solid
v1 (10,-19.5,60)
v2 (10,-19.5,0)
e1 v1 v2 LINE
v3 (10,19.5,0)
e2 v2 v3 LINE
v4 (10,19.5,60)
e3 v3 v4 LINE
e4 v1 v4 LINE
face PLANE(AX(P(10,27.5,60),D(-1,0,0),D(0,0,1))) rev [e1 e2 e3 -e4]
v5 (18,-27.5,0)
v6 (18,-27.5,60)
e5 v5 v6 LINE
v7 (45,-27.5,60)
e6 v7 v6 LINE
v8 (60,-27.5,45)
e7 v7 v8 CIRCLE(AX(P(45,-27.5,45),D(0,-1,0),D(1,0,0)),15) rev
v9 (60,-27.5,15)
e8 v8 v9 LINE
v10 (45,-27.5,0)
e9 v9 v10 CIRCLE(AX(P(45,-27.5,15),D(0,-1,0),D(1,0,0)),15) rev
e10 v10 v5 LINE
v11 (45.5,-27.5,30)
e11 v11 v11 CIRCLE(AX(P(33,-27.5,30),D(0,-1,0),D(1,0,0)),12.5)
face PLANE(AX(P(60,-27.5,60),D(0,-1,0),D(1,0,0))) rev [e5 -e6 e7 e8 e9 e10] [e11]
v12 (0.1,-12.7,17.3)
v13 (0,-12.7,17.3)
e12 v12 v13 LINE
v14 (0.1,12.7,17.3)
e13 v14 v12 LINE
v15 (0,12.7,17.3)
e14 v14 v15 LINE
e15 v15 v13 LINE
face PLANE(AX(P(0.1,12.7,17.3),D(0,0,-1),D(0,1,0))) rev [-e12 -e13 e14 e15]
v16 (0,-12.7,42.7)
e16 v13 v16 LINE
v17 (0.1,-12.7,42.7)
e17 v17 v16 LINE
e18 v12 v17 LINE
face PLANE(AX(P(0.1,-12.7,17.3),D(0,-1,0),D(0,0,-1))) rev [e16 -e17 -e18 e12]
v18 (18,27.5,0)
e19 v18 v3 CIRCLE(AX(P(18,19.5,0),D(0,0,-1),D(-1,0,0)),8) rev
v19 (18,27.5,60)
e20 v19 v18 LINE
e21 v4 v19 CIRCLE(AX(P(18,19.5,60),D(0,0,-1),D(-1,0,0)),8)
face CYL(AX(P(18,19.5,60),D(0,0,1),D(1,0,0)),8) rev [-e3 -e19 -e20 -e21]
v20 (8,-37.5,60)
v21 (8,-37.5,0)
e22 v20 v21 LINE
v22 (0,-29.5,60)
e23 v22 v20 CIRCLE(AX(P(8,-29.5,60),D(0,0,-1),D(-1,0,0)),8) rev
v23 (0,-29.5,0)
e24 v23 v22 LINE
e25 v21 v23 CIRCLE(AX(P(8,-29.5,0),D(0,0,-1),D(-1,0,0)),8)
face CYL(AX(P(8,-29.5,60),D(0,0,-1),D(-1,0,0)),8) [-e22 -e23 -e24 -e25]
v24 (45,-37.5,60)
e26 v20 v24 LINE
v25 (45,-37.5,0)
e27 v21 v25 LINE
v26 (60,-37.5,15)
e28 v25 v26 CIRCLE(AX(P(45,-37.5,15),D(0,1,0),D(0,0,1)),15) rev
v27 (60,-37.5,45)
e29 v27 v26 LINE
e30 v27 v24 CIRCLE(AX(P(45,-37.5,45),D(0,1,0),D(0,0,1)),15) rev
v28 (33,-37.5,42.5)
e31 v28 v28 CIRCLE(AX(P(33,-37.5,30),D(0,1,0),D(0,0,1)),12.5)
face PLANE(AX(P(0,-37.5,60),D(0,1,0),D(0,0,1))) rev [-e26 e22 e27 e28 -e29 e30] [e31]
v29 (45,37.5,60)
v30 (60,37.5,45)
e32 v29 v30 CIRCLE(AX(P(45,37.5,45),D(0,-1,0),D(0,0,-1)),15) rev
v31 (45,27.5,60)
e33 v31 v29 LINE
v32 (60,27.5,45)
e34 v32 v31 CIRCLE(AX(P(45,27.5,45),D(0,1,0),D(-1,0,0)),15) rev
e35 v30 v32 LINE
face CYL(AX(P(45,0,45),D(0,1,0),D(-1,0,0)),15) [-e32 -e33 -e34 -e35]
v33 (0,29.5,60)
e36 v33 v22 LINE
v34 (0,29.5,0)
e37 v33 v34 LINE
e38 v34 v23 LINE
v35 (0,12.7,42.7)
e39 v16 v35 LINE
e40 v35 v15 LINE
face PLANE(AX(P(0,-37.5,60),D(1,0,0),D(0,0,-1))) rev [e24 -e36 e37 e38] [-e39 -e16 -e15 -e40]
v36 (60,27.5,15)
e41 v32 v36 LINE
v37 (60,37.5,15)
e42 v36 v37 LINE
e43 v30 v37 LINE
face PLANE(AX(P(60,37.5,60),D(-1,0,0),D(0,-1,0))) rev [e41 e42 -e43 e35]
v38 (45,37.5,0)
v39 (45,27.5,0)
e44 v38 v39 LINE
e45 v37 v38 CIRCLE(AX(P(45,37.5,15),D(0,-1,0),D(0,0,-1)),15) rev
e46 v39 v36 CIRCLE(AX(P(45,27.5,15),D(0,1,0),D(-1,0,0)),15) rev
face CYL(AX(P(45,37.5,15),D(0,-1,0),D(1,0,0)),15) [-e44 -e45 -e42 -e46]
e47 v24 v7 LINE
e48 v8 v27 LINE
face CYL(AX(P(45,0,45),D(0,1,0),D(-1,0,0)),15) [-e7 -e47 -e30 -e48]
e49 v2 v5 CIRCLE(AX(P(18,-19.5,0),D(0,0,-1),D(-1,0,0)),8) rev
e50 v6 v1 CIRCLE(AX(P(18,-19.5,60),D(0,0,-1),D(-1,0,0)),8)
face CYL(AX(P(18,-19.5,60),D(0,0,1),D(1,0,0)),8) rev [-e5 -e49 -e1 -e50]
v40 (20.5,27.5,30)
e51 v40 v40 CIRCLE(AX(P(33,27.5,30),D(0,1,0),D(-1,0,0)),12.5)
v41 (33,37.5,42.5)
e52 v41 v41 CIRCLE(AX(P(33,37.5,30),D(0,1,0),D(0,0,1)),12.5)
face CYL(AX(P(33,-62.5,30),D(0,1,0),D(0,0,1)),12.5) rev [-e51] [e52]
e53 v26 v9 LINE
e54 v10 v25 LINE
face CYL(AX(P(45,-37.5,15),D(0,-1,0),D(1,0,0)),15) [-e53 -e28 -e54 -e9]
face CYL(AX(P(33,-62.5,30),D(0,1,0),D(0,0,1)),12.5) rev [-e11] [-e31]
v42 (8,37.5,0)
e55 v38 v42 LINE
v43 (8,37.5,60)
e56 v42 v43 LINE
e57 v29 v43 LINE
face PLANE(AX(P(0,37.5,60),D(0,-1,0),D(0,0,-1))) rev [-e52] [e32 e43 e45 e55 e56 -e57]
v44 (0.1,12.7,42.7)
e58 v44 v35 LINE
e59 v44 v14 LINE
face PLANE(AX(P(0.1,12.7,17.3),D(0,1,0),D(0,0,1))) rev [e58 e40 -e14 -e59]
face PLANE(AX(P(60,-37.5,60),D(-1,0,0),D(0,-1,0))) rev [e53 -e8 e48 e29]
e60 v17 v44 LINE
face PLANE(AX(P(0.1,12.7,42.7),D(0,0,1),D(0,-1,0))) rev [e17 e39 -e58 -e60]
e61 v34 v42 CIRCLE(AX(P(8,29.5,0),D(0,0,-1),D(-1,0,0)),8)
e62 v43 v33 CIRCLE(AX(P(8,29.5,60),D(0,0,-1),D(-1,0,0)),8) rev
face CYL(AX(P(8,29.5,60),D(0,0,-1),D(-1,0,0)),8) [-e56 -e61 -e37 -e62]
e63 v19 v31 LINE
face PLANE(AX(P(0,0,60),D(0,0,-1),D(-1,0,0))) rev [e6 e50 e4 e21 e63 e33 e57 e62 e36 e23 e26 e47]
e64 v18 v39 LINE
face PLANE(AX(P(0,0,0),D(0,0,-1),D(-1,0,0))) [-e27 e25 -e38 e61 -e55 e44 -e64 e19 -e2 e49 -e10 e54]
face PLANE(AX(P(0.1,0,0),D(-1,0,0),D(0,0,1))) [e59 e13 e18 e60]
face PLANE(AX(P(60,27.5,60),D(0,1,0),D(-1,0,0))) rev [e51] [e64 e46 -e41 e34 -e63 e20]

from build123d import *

# Parameters (mm, degrees)
BOSS_EXTRUDE1_DEPTH = 60
FILLET1_R           = 15
FILLET2_R           = 8
SKETCH2_R           = 12.5
CUT_EXTRUDE1_DEPTH  = 100
SKETCH4_W           = 25.4
SKETCH4_H           = 25.4
CUT_EXTRUDE2_DEPTH  = 0.1


with BuildPart() as part:
    # Sketch1 → Boss-Extrude1 (new body)
    with BuildSketch(Plane.XY):
        Polygon((0, -37.5), (0, 37.5), (60, 37.5), (60, 27.5), (10, 27.5), (10, -27.5), (60, -27.5), (60, -37.5), align=None)
    extrude(amount=BOSS_EXTRUDE1_DEPTH)

    # Fillet1
    fillet1_edges = [part.edges().sort_by_distance(p)[0] for p in [
        (60, -32.5, 0),
        (60, -32.5, 60),
        (60, 32.5, 60),
        (60, 32.5, 0),
    ]]
    fillet(fillet1_edges, radius=FILLET1_R)

    # Fillet2
    fillet2_edges = [part.edges().sort_by_distance(p)[0] for p in [
        (10, 27.5, 30),
        (10, -27.5, 30),
        (0, -37.5, 30),
        (0, 37.5, 30),
    ]]
    fillet(fillet2_edges, radius=FILLET2_R)

    # Sketch2 → Cut-Extrude1 (cut)
    with BuildSketch(Plane(origin=(0, 37.5, 0), x_dir=(1, 0, 0), z_dir=(0, 1, 0))):
        with Locations(Location((33, -30, 0), (0, 0, 270))):
            Circle(SKETCH2_R)
    extrude(amount=-CUT_EXTRUDE1_DEPTH, mode=Mode.SUBTRACT)

    # Sketch4 → Cut-Extrude2 (cut)
    with BuildSketch(Plane.ZY):
        with Locations((30, 0)):
            Rectangle(SKETCH4_W, SKETCH4_H)
    extrude(amount=-CUT_EXTRUDE2_DEPTH, mode=Mode.SUBTRACT)


solid = part.part
